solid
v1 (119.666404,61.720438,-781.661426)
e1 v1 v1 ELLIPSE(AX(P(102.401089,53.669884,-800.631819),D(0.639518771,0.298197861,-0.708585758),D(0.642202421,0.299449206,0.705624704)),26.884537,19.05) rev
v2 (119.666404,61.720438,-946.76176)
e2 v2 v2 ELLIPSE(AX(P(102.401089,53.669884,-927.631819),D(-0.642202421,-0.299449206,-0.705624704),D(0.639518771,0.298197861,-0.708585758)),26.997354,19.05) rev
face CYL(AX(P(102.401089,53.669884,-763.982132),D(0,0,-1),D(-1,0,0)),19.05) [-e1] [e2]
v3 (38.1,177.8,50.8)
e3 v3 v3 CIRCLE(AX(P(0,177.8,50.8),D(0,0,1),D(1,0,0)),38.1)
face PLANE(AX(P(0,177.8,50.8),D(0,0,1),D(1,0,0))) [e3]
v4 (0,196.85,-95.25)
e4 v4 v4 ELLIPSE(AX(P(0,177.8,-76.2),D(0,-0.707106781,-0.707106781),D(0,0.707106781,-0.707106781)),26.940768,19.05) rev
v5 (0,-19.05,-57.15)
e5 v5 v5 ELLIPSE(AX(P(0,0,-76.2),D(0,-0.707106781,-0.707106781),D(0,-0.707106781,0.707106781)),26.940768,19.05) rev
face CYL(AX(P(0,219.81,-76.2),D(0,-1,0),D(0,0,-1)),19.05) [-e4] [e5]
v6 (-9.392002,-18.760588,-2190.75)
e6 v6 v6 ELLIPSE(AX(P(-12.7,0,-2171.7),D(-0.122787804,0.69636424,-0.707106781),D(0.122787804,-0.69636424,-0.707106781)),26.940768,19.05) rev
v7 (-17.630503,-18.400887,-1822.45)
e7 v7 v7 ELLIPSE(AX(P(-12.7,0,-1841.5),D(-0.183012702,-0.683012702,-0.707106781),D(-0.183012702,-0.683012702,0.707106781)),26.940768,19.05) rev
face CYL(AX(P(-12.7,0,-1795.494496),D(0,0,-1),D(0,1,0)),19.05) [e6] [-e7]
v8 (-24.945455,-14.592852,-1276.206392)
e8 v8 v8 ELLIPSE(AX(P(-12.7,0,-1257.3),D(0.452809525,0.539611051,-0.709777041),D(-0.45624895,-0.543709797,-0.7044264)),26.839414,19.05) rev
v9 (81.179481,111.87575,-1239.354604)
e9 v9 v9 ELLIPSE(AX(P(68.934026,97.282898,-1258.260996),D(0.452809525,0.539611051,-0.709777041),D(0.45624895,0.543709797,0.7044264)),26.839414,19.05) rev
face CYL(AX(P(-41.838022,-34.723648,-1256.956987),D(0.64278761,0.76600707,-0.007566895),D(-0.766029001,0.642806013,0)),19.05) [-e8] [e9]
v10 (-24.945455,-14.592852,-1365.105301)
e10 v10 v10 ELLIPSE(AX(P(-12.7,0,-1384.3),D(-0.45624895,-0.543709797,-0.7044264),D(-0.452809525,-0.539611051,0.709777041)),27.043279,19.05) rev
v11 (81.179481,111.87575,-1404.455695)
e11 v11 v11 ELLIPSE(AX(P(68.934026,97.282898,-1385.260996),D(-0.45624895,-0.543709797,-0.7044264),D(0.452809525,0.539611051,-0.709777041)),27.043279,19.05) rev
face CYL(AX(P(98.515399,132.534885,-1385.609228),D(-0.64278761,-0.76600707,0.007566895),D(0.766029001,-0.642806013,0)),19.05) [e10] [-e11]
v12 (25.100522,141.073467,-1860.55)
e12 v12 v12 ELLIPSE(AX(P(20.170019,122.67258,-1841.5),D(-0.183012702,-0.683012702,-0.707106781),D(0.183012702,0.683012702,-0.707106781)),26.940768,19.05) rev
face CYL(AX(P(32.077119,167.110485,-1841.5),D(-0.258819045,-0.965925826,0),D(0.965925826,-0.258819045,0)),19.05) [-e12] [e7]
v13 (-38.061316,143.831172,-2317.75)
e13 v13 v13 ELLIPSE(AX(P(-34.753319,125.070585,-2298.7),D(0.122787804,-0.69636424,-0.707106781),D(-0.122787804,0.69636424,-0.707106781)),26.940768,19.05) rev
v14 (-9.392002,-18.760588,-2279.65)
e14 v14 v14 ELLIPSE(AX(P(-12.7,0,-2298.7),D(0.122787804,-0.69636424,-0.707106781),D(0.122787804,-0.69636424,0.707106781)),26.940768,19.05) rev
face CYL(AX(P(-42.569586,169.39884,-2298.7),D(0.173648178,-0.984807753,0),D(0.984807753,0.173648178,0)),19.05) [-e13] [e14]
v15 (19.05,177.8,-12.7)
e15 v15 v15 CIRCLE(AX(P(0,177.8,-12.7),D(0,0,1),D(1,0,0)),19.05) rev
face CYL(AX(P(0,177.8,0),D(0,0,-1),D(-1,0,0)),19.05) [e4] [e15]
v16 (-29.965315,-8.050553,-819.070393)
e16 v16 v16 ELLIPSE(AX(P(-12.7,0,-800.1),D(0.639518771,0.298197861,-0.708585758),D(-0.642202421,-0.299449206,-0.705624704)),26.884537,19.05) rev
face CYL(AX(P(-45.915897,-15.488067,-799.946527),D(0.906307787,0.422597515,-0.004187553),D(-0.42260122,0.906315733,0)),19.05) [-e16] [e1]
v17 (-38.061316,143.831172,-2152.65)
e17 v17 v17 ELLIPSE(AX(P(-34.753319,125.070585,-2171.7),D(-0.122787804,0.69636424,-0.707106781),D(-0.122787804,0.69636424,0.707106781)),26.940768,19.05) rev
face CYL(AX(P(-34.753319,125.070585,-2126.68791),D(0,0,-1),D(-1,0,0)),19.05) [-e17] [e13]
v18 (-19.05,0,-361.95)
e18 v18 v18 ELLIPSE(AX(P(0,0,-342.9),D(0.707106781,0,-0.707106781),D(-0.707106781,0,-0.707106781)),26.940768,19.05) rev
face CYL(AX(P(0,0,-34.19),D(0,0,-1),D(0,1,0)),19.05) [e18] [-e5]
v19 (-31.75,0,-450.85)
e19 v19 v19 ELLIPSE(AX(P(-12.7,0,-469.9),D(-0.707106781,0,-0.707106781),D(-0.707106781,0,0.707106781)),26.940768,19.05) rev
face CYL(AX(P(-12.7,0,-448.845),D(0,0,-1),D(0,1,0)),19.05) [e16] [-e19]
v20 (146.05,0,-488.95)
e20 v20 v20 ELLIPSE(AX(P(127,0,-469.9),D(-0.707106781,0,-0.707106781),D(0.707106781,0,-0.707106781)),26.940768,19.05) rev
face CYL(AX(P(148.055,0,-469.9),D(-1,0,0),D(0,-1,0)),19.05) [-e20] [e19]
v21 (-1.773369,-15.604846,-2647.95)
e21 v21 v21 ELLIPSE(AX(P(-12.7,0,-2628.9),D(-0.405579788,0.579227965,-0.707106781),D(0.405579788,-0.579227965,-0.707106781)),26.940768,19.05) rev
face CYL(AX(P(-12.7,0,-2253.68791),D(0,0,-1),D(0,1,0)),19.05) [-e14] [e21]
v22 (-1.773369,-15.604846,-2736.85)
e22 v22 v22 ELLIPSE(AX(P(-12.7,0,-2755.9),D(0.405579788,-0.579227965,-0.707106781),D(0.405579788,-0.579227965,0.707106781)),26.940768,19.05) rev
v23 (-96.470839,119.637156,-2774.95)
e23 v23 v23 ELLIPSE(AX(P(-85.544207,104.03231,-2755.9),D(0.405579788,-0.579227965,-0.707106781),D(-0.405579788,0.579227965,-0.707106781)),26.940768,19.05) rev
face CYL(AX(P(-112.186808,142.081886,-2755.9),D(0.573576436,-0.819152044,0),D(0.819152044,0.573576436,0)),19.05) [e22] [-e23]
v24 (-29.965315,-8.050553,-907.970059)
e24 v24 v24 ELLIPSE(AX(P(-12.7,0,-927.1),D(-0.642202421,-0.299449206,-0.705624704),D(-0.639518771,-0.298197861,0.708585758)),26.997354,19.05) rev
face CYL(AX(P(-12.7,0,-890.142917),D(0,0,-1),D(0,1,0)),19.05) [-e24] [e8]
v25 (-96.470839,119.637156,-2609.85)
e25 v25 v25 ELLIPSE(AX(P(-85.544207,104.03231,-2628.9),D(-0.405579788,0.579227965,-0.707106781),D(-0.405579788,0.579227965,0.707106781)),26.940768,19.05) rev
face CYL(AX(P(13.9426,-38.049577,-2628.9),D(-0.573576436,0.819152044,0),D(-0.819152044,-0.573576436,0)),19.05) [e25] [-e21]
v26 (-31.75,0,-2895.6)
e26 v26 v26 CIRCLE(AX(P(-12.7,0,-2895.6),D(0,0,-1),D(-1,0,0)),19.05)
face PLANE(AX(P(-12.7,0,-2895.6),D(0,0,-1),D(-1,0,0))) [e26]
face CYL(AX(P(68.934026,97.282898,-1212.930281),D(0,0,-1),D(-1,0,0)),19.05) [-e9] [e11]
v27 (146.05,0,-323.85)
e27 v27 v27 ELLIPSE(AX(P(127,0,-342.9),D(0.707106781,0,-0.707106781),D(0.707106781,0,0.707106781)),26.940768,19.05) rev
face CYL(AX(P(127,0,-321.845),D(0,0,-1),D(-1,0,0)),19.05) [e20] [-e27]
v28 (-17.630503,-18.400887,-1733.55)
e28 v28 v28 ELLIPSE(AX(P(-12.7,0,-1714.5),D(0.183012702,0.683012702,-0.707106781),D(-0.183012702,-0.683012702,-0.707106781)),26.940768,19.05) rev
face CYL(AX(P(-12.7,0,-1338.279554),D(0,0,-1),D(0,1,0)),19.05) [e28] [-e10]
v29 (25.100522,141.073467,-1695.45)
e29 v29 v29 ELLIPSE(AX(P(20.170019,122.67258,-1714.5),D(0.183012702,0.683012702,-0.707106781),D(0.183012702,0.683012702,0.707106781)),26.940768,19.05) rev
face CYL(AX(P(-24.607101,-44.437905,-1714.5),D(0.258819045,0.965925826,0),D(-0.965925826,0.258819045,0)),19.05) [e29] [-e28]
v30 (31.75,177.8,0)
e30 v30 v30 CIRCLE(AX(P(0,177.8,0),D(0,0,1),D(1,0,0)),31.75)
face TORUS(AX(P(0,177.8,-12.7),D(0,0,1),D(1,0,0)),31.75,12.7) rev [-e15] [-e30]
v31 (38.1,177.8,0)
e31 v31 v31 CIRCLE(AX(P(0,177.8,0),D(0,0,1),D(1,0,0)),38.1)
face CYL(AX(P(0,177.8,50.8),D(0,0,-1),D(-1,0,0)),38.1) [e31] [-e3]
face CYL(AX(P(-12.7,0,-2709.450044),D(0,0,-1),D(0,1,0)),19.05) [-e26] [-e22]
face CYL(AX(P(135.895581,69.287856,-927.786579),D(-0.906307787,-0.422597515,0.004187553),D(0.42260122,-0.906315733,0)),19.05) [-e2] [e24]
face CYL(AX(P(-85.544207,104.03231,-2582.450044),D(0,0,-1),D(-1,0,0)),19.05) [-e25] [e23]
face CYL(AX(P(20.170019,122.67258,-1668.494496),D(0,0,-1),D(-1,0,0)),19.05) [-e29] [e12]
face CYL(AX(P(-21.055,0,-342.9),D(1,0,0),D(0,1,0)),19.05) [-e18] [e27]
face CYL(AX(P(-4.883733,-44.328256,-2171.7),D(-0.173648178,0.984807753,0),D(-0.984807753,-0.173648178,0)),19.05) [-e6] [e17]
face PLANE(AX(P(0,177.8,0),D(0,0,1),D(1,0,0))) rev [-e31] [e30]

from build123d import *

# Parameters (mm, degrees)
SKETCH3_R           = 38.1
BOSS_EXTRUDE2_DEPTH = 50.8
SKETCH4_R           = 19.05
FILLET1_R           = 12.7
SKETCH5_R           = 19.05


with BuildPart() as part:
    # Sketch3 → Boss-Extrude2 (new body)
    with BuildSketch(Plane.XY):
        with Locations((0, 177.8)):
            Circle(SKETCH3_R)
    extrude(amount=BOSS_EXTRUDE2_DEPTH)

    # Sweep1: sweep along a curve in space
    with BuildLine() as sweep1_path:
        Line((0, 177.8, 0), (0, 177.8, -76.2))
        Line((0, 177.8, -76.2), (0, 0, -76.2))
        Line((0, 0, -76.2), (0, 0, -177.8))
    # Sketch4 → Sweep1 (sweep)
    with BuildSketch(Plane(origin=(0, 0, 0), x_dir=(-1, 0, 0), z_dir=(0, 0, -1))):
        with Locations((0, 177.8)):
            Circle(SKETCH4_R)
    sweep(path=sweep1_path.line, transition=Transition.RIGHT)

    # Fillet1
    fillet1_edges = [part.edges().sort_by_distance(p)[0] for p in [
        (19.05, 177.8, 0),
    ]]
    fillet(fillet1_edges, radius=FILLET1_R)

    # Sweep2: sweep along a curve in space
    with BuildLine() as sweep2_path:
        Line((0, 0, -177.8), (0, 0, -342.9))
        Line((0, 0, -342.9), (127, 0, -342.9))
        Line((127, 0, -342.9), (127, 0, -469.9))
        Line((127, 0, -469.9), (-12.7, 0, -469.9))
        Line((-12.7, 0, -469.9), (-12.7, 0, -800.1))
        Line((-12.7, 0, -800.1), (102.401088954, 53.669884385, -800.631819274))
        Line((102.401088954, 53.669884385, -800.631819274), (102.401088954, 53.669884385, -927.631819274))
        Line((-12.7, 0, -927.1), (102.401088954, 53.669884385, -927.631819274))
        Line((-12.7, 0, -927.1), (-12.7, 0, -1257.3))
        Line((-12.7, 0, -1257.3), (68.93402643, 97.28289786, -1258.260995676))
        Line((68.93402643, 97.28289786, -1258.260995676), (68.93402643, 97.28289786, -1385.260995676))
        Line((-12.7, 0, -1384.3), (68.93402643, 97.28289786, -1385.260995676))
        Line((-12.7, 0, -1384.3), (-12.7, 0, -1714.5))
        Line((-12.7, 0, -1714.5), (20.170018728, 122.672579939, -1714.5))
        Line((20.170018728, 122.672579939, -1714.5), (20.170018728, 122.672579939, -1841.5))
        Line((-12.7, 0, -1841.5), (20.170018728, 122.672579939, -1841.5))
        Line((-12.7, 0, -1841.5), (-12.7, 0, -2171.7))
        Line((-12.7, 0, -2171.7), (-34.753318564, 125.070584633, -2171.7))
        Line((-34.753318564, 125.070584633, -2171.7), (-34.753318564, 125.070584633, -2298.7))
        Line((-12.7, 0, -2298.7), (-34.753318564, 125.070584633, -2298.7))
        Line((-12.7, 0, -2298.7), (-12.7, 0, -2628.9))
        Line((-12.7, 0, -2628.9), (-85.544207417, 104.032309625, -2628.9))
        Line((-85.544207417, 104.032309625, -2628.9), (-85.544207417, 104.032309625, -2755.9))
        Line((-12.7, 0, -2755.9), (-85.544207417, 104.032309625, -2755.9))
        Line((-12.7, 0, -2755.9), (-12.7, 0, -2895.6))
    # Sketch5 → Sweep2 (sweep)
    with BuildSketch(Plane(origin=(0, 0, -177.8), x_dir=(-1, 0, 0), z_dir=(0, 0, -1))):
        Circle(SKETCH5_R)
    sweep(path=sweep2_path.line, transition=Transition.RIGHT)


solid = part.part
